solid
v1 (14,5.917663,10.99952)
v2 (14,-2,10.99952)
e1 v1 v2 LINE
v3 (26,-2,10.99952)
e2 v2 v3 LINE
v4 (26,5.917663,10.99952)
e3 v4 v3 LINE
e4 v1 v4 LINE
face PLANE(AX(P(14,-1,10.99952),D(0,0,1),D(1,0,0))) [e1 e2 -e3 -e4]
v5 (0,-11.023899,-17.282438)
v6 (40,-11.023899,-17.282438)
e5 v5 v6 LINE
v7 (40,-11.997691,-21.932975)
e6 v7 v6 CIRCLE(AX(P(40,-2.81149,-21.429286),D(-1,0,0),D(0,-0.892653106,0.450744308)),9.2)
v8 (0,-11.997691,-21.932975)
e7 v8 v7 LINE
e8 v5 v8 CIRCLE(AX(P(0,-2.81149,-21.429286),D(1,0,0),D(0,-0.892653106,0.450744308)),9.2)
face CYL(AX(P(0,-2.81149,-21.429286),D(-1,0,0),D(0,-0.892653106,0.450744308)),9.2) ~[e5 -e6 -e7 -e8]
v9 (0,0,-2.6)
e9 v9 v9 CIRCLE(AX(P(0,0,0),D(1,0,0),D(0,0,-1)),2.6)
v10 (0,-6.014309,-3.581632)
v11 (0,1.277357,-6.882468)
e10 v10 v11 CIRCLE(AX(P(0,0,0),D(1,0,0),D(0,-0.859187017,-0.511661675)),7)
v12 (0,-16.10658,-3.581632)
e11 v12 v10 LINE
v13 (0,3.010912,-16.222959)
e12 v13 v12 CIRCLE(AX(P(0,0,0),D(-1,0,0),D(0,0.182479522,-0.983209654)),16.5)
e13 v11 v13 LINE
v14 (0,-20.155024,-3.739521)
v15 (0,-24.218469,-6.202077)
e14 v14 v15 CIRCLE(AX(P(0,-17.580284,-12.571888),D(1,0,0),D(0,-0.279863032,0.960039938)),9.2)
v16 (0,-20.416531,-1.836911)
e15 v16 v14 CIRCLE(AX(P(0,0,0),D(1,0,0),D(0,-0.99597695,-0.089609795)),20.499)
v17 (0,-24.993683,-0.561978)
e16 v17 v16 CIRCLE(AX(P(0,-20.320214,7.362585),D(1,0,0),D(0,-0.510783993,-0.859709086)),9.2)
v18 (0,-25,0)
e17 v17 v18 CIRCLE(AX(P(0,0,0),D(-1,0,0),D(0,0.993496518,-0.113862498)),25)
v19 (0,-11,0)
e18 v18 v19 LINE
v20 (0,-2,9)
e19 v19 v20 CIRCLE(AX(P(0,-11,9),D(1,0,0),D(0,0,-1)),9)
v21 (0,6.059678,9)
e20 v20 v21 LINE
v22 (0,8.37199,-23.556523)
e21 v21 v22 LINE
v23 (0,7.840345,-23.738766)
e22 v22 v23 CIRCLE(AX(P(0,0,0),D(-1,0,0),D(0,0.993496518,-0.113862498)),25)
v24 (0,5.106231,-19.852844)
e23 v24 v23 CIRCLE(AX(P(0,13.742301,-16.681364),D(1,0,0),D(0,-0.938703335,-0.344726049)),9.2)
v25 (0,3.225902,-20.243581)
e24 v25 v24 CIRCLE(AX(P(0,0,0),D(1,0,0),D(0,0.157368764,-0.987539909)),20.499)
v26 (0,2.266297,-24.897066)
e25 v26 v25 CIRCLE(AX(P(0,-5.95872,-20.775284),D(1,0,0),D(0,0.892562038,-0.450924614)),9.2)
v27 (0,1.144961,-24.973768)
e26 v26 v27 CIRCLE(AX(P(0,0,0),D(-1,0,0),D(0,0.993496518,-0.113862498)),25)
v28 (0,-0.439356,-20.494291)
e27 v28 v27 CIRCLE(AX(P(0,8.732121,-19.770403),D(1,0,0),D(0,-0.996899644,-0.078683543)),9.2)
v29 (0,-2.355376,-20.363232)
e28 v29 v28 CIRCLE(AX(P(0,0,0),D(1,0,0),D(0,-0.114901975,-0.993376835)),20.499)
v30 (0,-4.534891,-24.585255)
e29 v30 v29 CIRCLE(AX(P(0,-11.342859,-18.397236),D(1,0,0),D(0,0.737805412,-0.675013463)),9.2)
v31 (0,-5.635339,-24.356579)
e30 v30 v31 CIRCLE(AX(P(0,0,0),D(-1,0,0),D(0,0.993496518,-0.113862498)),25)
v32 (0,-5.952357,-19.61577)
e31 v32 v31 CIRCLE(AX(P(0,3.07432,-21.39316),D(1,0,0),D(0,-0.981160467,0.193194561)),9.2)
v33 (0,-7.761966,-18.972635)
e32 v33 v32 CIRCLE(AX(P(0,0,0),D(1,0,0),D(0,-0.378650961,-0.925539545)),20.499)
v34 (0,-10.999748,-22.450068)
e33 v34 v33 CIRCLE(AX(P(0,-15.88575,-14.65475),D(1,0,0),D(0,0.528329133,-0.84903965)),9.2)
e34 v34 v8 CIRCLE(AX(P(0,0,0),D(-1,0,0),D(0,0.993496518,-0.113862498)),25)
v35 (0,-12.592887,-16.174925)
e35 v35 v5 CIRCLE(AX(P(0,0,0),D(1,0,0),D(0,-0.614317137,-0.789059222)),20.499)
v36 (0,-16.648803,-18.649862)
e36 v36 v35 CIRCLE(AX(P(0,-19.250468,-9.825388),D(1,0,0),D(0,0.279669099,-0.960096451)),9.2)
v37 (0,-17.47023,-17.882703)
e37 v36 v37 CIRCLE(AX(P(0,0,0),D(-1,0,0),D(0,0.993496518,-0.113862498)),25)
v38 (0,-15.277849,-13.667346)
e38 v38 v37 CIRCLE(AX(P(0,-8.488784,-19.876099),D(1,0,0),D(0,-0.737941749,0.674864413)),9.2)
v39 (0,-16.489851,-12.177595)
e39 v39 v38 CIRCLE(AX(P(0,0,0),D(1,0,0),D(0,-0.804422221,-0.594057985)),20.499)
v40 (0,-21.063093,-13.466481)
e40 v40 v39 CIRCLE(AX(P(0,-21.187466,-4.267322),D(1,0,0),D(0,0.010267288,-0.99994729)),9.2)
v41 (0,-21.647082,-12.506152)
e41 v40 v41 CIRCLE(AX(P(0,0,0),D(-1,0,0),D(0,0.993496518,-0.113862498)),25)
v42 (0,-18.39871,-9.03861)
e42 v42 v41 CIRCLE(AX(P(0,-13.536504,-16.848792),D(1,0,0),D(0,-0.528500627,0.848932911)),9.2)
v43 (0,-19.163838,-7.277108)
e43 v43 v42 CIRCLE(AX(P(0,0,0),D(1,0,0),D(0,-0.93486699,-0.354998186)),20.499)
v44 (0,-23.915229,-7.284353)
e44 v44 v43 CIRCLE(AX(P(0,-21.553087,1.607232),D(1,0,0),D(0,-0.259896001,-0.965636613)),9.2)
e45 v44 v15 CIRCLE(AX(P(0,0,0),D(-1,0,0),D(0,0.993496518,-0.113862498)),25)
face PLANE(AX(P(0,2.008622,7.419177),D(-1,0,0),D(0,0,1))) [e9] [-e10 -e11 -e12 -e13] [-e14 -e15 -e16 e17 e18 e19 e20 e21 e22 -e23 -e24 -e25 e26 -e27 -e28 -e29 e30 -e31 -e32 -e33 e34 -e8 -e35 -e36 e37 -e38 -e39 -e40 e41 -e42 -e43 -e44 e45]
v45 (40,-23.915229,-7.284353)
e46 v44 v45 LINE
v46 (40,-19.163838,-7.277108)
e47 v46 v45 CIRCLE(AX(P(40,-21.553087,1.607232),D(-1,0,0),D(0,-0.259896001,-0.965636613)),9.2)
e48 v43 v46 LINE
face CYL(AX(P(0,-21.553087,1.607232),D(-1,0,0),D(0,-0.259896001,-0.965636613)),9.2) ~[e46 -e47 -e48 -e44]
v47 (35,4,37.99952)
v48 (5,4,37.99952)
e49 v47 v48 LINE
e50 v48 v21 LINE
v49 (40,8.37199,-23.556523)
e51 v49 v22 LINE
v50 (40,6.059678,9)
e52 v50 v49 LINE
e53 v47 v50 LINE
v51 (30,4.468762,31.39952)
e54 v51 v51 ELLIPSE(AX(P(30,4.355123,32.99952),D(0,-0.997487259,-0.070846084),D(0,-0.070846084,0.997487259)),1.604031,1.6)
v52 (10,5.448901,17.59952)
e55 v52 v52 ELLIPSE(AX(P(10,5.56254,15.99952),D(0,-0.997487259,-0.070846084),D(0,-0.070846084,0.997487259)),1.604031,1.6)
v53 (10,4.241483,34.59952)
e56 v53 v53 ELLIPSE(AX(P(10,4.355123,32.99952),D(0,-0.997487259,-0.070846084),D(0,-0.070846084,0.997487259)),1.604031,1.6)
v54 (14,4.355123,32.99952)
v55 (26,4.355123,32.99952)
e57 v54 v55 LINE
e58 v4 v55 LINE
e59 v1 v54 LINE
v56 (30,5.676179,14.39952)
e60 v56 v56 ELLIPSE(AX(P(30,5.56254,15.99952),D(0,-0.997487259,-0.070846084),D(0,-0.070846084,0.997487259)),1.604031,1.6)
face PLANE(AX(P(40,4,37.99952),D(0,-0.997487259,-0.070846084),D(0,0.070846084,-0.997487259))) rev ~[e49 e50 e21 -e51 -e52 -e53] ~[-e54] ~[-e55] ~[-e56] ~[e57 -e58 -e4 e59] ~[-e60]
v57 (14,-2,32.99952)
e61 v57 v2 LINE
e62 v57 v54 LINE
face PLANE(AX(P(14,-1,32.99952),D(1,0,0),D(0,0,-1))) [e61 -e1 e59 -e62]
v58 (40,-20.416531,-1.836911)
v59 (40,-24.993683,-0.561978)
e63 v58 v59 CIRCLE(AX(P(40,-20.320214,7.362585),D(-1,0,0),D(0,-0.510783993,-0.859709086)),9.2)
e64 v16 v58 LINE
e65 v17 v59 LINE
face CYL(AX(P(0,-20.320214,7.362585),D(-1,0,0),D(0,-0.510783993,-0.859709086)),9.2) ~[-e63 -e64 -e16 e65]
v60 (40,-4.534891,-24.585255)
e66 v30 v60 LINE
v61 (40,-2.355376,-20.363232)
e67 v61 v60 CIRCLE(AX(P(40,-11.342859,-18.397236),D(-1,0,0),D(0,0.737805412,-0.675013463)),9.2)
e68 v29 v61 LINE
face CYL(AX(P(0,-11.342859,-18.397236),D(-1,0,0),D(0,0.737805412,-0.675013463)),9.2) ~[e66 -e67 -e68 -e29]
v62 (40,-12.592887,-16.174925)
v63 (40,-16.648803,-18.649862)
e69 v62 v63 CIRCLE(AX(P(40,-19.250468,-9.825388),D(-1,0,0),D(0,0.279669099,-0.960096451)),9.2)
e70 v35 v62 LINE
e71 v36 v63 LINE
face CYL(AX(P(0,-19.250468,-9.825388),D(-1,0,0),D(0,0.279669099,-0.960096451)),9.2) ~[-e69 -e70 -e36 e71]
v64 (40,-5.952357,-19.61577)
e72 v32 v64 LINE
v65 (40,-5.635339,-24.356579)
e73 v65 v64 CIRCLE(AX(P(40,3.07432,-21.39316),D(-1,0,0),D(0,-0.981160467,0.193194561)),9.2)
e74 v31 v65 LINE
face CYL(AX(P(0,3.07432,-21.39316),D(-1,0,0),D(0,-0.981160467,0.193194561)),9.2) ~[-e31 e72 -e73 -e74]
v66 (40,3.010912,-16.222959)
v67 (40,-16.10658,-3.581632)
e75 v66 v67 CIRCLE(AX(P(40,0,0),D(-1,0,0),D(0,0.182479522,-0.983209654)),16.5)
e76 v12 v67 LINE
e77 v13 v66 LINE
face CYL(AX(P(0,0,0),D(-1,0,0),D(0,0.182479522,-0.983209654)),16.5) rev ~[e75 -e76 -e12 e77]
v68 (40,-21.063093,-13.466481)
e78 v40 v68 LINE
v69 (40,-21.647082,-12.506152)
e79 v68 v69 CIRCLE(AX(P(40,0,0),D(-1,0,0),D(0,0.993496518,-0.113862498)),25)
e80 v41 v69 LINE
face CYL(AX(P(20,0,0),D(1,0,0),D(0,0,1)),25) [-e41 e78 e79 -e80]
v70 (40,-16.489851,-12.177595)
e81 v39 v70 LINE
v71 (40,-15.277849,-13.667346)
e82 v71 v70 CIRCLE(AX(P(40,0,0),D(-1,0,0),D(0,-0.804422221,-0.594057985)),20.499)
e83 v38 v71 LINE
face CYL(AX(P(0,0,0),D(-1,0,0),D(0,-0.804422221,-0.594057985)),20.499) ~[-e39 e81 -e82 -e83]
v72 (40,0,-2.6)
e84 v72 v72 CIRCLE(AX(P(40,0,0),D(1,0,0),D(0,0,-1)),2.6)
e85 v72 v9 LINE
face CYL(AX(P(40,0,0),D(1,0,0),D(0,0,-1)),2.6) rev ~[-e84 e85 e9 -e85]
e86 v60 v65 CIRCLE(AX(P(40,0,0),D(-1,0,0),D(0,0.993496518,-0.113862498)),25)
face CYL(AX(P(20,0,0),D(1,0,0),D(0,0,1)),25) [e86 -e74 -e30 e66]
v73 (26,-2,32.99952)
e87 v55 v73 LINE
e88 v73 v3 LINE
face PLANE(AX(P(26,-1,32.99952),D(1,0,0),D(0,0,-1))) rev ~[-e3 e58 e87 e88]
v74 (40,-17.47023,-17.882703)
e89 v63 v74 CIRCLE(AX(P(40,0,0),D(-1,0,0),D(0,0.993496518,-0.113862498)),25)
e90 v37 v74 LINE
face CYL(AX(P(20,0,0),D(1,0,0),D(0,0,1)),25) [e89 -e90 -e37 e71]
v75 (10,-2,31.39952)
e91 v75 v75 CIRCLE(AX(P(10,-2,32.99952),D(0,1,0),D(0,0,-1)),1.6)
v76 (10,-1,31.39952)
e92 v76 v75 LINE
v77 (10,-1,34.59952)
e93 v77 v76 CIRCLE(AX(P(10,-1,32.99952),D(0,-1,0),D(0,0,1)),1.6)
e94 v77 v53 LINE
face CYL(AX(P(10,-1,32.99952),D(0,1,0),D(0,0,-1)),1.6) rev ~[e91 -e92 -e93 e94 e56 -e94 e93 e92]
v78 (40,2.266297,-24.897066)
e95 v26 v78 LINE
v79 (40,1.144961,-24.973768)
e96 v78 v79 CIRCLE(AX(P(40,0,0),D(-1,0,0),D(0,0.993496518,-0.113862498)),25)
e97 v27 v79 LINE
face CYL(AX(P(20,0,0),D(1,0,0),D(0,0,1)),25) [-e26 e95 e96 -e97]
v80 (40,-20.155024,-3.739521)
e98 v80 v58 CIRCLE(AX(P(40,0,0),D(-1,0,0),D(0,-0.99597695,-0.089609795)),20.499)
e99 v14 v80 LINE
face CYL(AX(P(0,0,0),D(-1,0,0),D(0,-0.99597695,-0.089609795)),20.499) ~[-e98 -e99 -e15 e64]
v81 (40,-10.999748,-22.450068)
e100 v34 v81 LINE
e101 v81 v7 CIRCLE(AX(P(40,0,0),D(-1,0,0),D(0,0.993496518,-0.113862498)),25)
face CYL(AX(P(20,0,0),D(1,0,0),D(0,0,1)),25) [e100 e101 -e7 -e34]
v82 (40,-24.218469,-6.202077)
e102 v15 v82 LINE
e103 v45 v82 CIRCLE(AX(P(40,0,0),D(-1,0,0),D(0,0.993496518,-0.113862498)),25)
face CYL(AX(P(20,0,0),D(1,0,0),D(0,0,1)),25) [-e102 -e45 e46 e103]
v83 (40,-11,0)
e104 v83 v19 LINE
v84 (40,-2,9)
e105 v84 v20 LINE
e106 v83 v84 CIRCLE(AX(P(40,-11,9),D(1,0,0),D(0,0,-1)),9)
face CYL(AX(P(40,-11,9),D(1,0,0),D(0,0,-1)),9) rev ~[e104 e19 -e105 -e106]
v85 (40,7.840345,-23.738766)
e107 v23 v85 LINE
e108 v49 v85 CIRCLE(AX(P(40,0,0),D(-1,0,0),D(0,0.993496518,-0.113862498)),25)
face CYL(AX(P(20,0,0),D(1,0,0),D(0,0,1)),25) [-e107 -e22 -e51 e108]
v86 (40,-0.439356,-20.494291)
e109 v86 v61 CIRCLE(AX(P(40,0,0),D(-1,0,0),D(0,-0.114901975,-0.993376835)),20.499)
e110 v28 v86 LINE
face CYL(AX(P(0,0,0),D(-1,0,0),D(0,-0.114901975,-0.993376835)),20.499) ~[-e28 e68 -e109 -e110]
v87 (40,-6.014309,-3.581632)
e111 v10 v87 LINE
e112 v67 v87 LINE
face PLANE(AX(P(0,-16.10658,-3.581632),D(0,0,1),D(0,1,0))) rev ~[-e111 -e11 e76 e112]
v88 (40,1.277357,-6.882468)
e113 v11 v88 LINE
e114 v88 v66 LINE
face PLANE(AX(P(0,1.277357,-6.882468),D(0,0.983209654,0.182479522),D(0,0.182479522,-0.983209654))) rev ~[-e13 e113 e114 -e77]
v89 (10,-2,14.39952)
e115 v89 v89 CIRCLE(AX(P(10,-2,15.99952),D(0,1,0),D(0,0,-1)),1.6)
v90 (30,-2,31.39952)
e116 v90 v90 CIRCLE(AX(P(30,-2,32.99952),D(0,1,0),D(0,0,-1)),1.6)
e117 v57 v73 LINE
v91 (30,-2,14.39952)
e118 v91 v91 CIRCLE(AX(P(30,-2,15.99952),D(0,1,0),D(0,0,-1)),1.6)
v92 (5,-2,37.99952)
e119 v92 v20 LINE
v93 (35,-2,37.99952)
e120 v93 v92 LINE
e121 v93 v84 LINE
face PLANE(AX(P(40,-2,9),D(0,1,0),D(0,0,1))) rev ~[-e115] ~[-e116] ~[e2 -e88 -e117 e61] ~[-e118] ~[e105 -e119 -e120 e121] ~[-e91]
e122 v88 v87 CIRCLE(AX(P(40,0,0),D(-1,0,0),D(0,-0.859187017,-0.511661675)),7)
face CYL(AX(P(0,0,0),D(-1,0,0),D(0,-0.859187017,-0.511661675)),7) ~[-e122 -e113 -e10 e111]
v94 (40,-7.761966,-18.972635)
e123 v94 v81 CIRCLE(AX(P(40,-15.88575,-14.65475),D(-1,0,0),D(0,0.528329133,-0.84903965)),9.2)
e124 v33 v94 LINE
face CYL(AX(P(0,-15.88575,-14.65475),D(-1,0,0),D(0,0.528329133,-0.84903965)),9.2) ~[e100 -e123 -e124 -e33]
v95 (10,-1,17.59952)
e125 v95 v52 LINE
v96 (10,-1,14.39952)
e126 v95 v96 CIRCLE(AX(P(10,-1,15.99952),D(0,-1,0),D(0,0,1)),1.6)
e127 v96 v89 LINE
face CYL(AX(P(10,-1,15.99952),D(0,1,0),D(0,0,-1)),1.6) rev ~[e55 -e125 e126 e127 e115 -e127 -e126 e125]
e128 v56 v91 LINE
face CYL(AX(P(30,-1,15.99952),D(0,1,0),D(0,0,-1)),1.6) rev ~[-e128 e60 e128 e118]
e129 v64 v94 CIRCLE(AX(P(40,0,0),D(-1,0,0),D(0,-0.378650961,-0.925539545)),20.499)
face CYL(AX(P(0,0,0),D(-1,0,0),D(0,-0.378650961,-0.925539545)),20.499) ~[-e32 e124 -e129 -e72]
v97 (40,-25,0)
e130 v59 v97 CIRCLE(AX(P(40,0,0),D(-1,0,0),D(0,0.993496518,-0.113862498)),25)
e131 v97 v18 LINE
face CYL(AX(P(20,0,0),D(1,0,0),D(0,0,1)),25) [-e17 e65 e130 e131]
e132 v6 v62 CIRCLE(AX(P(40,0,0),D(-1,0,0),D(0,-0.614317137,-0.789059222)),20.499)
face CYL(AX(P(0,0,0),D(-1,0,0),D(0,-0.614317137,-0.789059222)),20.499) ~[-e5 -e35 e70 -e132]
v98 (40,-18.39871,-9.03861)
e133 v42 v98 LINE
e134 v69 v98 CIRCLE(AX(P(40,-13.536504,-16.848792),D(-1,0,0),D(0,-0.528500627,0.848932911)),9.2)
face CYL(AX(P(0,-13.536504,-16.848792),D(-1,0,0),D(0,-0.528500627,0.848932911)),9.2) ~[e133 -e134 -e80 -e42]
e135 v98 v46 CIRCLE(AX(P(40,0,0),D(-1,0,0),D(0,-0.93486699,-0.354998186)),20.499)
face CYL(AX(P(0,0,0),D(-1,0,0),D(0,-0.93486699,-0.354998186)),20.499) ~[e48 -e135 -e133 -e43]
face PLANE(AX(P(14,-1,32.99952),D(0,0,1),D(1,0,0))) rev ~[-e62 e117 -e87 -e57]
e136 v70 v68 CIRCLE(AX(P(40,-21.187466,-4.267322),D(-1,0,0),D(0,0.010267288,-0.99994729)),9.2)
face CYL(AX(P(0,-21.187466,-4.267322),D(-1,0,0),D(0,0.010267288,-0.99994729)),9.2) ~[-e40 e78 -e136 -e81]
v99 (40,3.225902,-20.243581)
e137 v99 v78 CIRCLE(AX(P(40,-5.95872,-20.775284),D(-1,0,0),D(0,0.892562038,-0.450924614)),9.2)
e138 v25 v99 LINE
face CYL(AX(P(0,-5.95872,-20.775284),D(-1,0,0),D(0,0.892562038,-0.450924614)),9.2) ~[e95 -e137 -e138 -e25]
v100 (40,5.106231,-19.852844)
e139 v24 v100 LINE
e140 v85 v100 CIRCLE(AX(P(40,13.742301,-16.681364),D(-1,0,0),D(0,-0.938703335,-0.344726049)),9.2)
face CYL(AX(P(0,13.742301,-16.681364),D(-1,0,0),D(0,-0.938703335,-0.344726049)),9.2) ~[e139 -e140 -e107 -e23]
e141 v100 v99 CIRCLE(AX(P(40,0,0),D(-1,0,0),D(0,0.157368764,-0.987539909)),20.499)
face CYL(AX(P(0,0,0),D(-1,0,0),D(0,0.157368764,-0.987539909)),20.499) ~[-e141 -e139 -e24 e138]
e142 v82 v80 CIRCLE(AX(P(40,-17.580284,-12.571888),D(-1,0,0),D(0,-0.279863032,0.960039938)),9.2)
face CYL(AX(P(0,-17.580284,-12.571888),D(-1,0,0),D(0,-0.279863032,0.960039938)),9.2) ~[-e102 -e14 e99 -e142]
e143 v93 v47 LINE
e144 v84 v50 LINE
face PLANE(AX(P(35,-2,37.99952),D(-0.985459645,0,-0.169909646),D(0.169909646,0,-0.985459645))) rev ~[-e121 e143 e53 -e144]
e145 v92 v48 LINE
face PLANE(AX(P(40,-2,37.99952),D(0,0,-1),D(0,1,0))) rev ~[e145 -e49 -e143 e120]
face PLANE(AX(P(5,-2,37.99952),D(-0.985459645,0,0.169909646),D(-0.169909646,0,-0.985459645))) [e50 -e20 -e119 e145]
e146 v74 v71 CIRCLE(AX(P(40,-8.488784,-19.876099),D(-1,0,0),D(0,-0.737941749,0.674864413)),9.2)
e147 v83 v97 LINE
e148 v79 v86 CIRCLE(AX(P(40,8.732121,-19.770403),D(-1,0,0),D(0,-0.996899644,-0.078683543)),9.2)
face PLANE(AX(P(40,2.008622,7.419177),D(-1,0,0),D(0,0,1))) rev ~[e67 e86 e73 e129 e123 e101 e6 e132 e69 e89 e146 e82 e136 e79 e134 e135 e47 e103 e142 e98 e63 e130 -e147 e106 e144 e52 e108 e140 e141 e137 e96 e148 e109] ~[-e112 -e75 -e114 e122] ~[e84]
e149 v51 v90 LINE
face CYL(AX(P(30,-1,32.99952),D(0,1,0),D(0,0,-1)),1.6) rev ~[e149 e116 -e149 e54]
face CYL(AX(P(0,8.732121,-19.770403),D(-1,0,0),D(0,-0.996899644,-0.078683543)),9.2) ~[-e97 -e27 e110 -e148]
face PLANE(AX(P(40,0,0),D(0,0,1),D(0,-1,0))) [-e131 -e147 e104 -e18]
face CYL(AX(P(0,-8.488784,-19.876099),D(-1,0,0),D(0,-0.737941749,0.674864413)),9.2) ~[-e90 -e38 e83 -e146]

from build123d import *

# Parameters (mm, degrees)
BASPROSKE_W         = 40
BASPROSKE_H         = 25
TOOTHCUT_DEPTH      = 54.38539126
TEETHCUTS_COUNT     = 23
TEETHCUTS_ANGLE     = 344.347826087
BORSKE_R            = 0.4
BORE_DEPTH          = 50.0000508
CUT_EXTRUDE_1_DEPTH = 54.3731118
SKETCH_2_R          = 1.6
CUT_EXTRUDE_2_DEPTH = 54.3731118
EXTRUDE_1_DEPTH     = 40
SKETCH_5_R          = 1.6
CUT_EXTRUDE_3_DEPTH = 61.166132826
CUT_EXTRUDE_4_DEPTH = 61.571969914
SKETCH_7_W          = 12
SKETCH_7_H          = 22
CUT_EXTRUDE_5_DEPTH = 61.166132826
SKETCH_8_R          = 2.6
CUT_EXTRUDE_6_DEPTH = 61.571969914
SKETCH_10_R         = 1.6
SKETCH_10_W         = 12
SKETCH_10_H         = 22
CUT_EXTRUDE_7_DEPTH = 61.166132826
CUT_EXTRUDE_9_DEPTH = 60.774271549


with BuildPart() as part:
    # BasProSke → Base-Revolve (revolve)
    with BuildSketch(Plane(origin=(0, 0, 0), x_dir=(1, 0, 0), z_dir=(0, 1, 0)), mode=Mode.PRIVATE) as base_revolve_sk:
        with Locations((20, 12.5)):
            Rectangle(BASPROSKE_W, BASPROSKE_H)
    revolve(base_revolve_sk.sketch.rotate(Axis((-10, 0, 0), (1, 0, 0)), 180), axis=Axis((-10, 0, 0), (1, 0, 0)))

    # TooCutSke → ToothCut (cut, through all)
    with BuildSketch(Plane(origin=(0, 0, 0), x_dir=(0, 0, -1), z_dir=(1, 0, 0))):
        with BuildLine():
            ThreePointArc((0.960248578, 20.47649686), (0, 20.499), (-0.960248578, 20.47649686))
            ThreePointArc((-0.960248578, 20.47649686), (-1.62297083, 22.794554384), (-2.865164893, 24.860842208))
            ThreePointArc((-2.865164893, 24.860842208), (0, 25.0254), (2.865164893, 24.860842208))
            ThreePointArc((2.865164893, 24.860842208), (1.62297083, 22.794554384), (0.960248578, 20.47649686))
        make_face()
    toothcut = extrude(amount=TOOTHCUT_DEPTH, mode=Mode.SUBTRACT)

    # TeethCuts: ToothCut ×23 about axis
    teethcuts_axis = Axis((-10, 0, 0), (1, 0, 0))
    for i in range(1, TEETHCUTS_COUNT):
        add(toothcut.rotate(teethcuts_axis, i * TEETHCUTS_ANGLE / (TEETHCUTS_COUNT - 1)), mode=Mode.SUBTRACT)

    # BorSke → Bore (cut, symmetric)
    with BuildSketch(Plane(origin=(0, 0, 0), x_dir=(0, 0, -1), z_dir=(1, 0, 0))):
        with Locations(Location((0, 0, 0), (0, 0, 180))):
            Circle(BORSKE_R)
    extrude(amount=BORE_DEPTH, both=True, mode=Mode.SUBTRACT)

    # 草图1 → 切除-拉伸1 (cut, through all)
    with BuildSketch(Plane(origin=(40, 0, 0), x_dir=(0, 0, -1), z_dir=(1, 0, 0))):
        Polygon((0, 0), (0, -25), (-13.134994366, -31.325673685), (-39.860156169, 4.307875386), (-10.07883231, 32.723680029), (33.144547114, 17.371523179), (23.556523053, 8.371990304), align=None)
    extrude(amount=-CUT_EXTRUDE_1_DEPTH, mode=Mode.SUBTRACT)

    # 草图2 → 切除-拉伸2 (cut, through all)
    with BuildSketch(Plane.ZY):
        Circle(SKETCH_2_R)
    extrude(amount=-CUT_EXTRUDE_2_DEPTH, mode=Mode.SUBTRACT)

    # 草图4 → 凸台-拉伸1 (add)
    with BuildSketch(Plane(origin=(40, 0, 0), x_dir=(0, 0, -1), z_dir=(1, 0, 0))):
        with BuildLine():
            Line((0, -4), (0, -11))
            ThreePointArc((0, -11), (-2.636038969, -4.636038969), (-9, -2))
            Line((-9, -2), (-37.99952025, -2))
            Line((-37.99952025, -2), (-37.99952025, 4))
            Line((-37.99952025, 4), (23.556523053, 8.371990304))
            Line((23.556523053, 8.371990304), (1.507617475, 0.535807379))
            ThreePointArc((1.507617475, 0.535807379), (-1.307151829, 0.922688515), (0, -1.6))
            Line((0, -1.6), (0, -4))
        make_face()
    extrude(amount=-EXTRUDE_1_DEPTH)

    # 草图5 → 切除-拉伸3 (cut, through all)
    with BuildSketch(Plane.XZ.offset(1)):
        with Locations(Location((30, 15.99952025, 0), (0, 0, 270))):
            Circle(SKETCH_5_R)
        with Locations(Location((30, 32.99952025, 0), (0, 0, 270))):
            Circle(SKETCH_5_R)
        with Locations(Location((10, 32.99952025, 0), (0, 0, 90))):
            Circle(SKETCH_5_R)
        with Locations(Location((10, 15.99952025, 0), (0, 0, 90))):
            Circle(SKETCH_5_R)
    extrude(amount=-CUT_EXTRUDE_3_DEPTH, mode=Mode.SUBTRACT)

    # 草图6 → 切除-拉伸4 (cut, through all)
    with BuildSketch(Plane.ZY):
        with BuildLine():
            Line((-6.882467579, 1.277356656), (-16.222959293, 3.010912119))
            ThreePointArc((-16.222959293, 3.010912119), (-13.76317845, -9.100819686), (-3.581631723, -16.106579842))
            Line((-3.581631723, -16.106579842), (-3.581631723, -6.014309121))
            ThreePointArc((-3.581631723, -6.014309121), (-6.377024463, -2.886790432), (-6.882467579, 1.277356656))
        make_face()
    extrude(amount=-CUT_EXTRUDE_4_DEPTH, mode=Mode.SUBTRACT)

    # 草图7 → 切除-拉伸5 (cut, through all)
    with BuildSketch(Plane.XZ.offset(1)):
        with Locations((20, 21.99952025)):
            Rectangle(SKETCH_7_W, SKETCH_7_H)
    extrude(amount=-CUT_EXTRUDE_5_DEPTH, mode=Mode.SUBTRACT)

    # 草图8 → 切除-拉伸6 (cut, through all)
    with BuildSketch(Plane(origin=(40, 0, 0), x_dir=(0, 0, -1), z_dir=(1, 0, 0))):
        Circle(SKETCH_8_R)
    extrude(amount=-CUT_EXTRUDE_6_DEPTH, mode=Mode.SUBTRACT)

    # 草图10 → 切除-拉伸7 (cut, through all)
    with BuildSketch(Plane(origin=(0, -1, 0), x_dir=(1, 0, 0), z_dir=(0, 1, 0))):
        with Locations(Location((10, -15.99952025, 0), (0, 0, 90))):
            Circle(SKETCH_10_R)
        with Locations(Location((10, -32.99952025, 0), (0, 0, 90))):
            Circle(SKETCH_10_R)
        with Locations(Location((30, -15.99952025, 0), (0, 0, 90))):
            Circle(SKETCH_10_R)
        with Locations(Location((30, -32.99952025, 0), (0, 0, 90))):
            Circle(SKETCH_10_R)
        with Locations((20, -21.99952025)):
            Rectangle(SKETCH_10_W, SKETCH_10_H)
    extrude(amount=-CUT_EXTRUDE_7_DEPTH, mode=Mode.SUBTRACT)

    # 草图12 → 切除-拉伸9 (cut, through all)
    with BuildSketch(Plane.XZ.offset(2)):
        Polygon((5, 37.99952025), (0, 9), (0, 37.99952025), align=None)
        Polygon((35, 37.99952025), (40, 9), (40, 37.99952025), align=None)
    extrude(amount=-CUT_EXTRUDE_9_DEPTH, mode=Mode.SUBTRACT)


solid = part.part
